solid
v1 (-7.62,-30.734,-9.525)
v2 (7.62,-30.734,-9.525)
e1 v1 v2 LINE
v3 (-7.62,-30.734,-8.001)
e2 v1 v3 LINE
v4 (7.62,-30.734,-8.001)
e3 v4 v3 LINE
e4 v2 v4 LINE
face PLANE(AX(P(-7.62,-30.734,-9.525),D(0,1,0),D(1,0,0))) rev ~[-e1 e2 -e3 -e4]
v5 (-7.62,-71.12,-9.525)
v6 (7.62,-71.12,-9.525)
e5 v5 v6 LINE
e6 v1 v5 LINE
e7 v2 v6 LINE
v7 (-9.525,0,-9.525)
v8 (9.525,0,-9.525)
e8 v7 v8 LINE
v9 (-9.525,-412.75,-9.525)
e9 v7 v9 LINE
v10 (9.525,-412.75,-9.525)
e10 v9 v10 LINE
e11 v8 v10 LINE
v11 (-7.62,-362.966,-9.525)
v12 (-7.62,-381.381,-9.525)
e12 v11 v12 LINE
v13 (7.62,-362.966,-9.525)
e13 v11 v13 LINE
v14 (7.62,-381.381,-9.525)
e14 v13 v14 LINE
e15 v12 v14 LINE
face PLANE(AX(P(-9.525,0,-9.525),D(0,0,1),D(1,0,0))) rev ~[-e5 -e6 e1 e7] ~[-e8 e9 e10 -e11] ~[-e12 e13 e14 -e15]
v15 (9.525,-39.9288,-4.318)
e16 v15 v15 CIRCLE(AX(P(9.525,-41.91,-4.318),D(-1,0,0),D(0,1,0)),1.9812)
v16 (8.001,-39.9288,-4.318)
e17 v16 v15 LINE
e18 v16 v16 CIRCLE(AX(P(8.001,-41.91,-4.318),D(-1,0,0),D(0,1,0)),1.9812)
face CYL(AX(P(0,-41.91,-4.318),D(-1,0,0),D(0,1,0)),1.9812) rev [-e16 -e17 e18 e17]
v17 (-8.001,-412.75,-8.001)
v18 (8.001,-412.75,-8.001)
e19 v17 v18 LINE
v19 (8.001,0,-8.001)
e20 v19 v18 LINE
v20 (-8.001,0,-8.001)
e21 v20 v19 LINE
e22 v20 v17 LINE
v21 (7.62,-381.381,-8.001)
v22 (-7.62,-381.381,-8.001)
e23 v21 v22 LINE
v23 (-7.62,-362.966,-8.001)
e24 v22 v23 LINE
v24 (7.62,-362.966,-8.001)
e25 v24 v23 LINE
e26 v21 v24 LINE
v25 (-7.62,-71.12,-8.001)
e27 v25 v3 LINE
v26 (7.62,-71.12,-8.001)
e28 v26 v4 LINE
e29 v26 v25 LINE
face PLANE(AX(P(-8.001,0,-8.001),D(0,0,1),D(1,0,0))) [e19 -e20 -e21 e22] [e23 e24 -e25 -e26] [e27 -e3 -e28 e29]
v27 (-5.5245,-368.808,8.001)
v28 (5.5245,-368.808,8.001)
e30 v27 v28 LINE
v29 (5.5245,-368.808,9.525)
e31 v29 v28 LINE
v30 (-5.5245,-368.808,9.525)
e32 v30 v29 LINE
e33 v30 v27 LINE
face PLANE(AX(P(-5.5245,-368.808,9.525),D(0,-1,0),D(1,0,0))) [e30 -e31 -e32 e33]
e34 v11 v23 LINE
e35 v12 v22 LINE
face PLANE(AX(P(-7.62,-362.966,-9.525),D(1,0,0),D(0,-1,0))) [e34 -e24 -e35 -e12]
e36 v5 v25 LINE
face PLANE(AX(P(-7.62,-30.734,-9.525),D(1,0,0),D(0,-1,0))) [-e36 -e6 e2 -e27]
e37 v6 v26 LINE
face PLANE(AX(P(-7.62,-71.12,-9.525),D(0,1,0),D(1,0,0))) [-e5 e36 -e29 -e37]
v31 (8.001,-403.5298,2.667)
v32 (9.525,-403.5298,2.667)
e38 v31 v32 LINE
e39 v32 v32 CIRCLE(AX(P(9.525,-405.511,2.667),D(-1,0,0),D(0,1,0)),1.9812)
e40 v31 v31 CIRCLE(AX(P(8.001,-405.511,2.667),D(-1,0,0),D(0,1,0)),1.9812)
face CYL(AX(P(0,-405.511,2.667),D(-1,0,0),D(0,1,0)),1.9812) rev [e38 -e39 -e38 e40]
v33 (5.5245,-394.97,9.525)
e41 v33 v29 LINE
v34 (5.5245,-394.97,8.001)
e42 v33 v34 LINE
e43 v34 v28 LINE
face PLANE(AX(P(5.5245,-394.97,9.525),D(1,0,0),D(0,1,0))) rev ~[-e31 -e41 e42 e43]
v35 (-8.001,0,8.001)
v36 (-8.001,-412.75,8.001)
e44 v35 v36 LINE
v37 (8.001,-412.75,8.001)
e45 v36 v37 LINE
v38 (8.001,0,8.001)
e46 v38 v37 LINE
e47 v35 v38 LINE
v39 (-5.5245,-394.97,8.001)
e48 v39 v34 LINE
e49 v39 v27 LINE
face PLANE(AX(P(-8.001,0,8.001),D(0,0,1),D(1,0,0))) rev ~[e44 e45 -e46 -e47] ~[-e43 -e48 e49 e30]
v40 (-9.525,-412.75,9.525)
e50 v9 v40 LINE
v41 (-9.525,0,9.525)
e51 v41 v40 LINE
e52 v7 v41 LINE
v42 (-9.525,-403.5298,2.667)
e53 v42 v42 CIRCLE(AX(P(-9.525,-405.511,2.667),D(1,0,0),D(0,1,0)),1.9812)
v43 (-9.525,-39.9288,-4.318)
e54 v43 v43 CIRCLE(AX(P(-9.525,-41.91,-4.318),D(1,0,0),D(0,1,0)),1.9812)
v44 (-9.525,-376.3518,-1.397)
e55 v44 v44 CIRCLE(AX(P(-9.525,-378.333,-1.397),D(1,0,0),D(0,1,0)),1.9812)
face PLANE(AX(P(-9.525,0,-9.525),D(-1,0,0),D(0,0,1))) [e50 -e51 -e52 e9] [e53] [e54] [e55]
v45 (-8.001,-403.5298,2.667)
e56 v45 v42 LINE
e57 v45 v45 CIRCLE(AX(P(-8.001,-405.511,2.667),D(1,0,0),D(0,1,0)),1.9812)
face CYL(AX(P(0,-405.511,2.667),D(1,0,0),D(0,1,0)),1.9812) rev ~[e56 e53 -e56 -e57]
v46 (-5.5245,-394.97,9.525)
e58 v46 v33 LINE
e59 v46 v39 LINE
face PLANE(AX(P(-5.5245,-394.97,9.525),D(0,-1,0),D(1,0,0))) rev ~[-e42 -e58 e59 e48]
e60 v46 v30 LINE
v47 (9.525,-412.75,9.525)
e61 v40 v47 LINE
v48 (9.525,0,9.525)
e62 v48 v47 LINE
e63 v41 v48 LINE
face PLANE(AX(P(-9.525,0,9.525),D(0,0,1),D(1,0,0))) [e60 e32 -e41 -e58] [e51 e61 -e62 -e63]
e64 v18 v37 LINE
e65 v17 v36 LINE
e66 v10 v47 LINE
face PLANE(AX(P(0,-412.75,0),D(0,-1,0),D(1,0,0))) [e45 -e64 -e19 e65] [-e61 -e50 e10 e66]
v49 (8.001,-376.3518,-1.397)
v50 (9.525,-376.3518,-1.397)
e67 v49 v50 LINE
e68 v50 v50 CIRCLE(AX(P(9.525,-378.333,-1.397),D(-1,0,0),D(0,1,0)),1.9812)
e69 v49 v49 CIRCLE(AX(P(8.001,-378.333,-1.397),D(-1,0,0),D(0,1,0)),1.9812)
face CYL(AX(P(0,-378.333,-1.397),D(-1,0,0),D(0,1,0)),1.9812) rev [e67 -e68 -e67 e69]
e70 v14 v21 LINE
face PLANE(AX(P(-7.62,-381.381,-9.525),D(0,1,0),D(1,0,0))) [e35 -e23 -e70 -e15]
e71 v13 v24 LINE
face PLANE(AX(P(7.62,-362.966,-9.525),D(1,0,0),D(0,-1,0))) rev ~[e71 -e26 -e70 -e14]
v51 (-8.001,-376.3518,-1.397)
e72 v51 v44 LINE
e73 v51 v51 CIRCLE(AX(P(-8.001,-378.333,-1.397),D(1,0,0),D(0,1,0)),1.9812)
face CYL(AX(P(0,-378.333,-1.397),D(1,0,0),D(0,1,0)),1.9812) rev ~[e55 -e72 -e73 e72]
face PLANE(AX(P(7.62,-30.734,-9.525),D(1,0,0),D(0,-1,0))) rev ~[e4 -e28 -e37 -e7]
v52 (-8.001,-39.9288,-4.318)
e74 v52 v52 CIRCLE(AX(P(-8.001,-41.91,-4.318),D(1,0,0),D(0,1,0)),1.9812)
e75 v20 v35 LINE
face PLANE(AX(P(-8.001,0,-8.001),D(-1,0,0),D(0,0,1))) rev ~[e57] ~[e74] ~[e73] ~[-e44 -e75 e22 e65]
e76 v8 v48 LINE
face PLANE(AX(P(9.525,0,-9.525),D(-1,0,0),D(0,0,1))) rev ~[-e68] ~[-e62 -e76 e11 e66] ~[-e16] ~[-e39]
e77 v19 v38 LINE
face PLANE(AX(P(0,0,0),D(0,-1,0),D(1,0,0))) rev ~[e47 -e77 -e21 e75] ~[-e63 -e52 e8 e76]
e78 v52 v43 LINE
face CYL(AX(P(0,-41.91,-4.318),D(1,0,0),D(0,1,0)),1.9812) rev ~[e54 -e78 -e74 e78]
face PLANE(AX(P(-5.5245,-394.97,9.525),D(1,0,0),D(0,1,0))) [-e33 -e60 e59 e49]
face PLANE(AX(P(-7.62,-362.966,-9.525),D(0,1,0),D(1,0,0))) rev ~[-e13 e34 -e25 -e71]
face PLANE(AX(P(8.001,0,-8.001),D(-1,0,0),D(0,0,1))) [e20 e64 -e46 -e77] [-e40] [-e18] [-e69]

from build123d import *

# Parameters (mm, degrees)
F0_W          = 19.05
F0_H          = 19.05
F0_W_2        = 16.002
F0_H_2        = 16.002
F1_DEPTH      = 412.75
F2_R          = 1.9812
F3_DEPTH      = 25.4
F3_DEPTH_BACK = 25.4
F4_W          = 15.24
F4_H          = 40.386
F4_H_2        = 18.415
F5_DEPTH      = 6.35
F6_W          = 11.049
F6_H          = 26.162
F7_DEPTH      = 6.35


with BuildPart() as f1:
    # F0 (on Front) → F1 (new body)
    with BuildSketch(Plane.XZ):
        Rectangle(F0_W, F0_H)
        Rectangle(F0_W_2, F0_H_2, mode=Mode.SUBTRACT)
    extrude(amount=F1_DEPTH)

    # F2 (on Right) → F3 (cut, two sides)
    with BuildSketch(Plane.YZ) as f3_sk:
        with Locations((-405.511, 2.667)):
            Circle(F2_R)
        with Locations((-378.333, -1.397)):
            Circle(F2_R)
        with Locations((-41.91, -4.318)):
            Circle(F2_R)
    extrude(amount=-F3_DEPTH, mode=Mode.SUBTRACT)
    extrude(f3_sk.sketch, amount=F3_DEPTH_BACK, mode=Mode.SUBTRACT)

    # F4 (on face) → F5 (cut)
    with BuildSketch(Plane(origin=(0, 0, -9.525), x_dir=(1, 0, 0), z_dir=(0, 0, -1))):
        with Locations((0, 50.927)):
            Rectangle(F4_W, F4_H)
        with Locations((0, 372.1735)):
            Rectangle(F4_W, F4_H_2)
    extrude(amount=-F5_DEPTH, mode=Mode.SUBTRACT)

    # F6 (on face) → F7 (cut)
    with BuildSketch(Plane.XY.offset(9.525)):
        with Locations((0, -381.889)):
            Rectangle(F6_W, F6_H)
    extrude(amount=-F7_DEPTH, mode=Mode.SUBTRACT)


solid = f1.part
